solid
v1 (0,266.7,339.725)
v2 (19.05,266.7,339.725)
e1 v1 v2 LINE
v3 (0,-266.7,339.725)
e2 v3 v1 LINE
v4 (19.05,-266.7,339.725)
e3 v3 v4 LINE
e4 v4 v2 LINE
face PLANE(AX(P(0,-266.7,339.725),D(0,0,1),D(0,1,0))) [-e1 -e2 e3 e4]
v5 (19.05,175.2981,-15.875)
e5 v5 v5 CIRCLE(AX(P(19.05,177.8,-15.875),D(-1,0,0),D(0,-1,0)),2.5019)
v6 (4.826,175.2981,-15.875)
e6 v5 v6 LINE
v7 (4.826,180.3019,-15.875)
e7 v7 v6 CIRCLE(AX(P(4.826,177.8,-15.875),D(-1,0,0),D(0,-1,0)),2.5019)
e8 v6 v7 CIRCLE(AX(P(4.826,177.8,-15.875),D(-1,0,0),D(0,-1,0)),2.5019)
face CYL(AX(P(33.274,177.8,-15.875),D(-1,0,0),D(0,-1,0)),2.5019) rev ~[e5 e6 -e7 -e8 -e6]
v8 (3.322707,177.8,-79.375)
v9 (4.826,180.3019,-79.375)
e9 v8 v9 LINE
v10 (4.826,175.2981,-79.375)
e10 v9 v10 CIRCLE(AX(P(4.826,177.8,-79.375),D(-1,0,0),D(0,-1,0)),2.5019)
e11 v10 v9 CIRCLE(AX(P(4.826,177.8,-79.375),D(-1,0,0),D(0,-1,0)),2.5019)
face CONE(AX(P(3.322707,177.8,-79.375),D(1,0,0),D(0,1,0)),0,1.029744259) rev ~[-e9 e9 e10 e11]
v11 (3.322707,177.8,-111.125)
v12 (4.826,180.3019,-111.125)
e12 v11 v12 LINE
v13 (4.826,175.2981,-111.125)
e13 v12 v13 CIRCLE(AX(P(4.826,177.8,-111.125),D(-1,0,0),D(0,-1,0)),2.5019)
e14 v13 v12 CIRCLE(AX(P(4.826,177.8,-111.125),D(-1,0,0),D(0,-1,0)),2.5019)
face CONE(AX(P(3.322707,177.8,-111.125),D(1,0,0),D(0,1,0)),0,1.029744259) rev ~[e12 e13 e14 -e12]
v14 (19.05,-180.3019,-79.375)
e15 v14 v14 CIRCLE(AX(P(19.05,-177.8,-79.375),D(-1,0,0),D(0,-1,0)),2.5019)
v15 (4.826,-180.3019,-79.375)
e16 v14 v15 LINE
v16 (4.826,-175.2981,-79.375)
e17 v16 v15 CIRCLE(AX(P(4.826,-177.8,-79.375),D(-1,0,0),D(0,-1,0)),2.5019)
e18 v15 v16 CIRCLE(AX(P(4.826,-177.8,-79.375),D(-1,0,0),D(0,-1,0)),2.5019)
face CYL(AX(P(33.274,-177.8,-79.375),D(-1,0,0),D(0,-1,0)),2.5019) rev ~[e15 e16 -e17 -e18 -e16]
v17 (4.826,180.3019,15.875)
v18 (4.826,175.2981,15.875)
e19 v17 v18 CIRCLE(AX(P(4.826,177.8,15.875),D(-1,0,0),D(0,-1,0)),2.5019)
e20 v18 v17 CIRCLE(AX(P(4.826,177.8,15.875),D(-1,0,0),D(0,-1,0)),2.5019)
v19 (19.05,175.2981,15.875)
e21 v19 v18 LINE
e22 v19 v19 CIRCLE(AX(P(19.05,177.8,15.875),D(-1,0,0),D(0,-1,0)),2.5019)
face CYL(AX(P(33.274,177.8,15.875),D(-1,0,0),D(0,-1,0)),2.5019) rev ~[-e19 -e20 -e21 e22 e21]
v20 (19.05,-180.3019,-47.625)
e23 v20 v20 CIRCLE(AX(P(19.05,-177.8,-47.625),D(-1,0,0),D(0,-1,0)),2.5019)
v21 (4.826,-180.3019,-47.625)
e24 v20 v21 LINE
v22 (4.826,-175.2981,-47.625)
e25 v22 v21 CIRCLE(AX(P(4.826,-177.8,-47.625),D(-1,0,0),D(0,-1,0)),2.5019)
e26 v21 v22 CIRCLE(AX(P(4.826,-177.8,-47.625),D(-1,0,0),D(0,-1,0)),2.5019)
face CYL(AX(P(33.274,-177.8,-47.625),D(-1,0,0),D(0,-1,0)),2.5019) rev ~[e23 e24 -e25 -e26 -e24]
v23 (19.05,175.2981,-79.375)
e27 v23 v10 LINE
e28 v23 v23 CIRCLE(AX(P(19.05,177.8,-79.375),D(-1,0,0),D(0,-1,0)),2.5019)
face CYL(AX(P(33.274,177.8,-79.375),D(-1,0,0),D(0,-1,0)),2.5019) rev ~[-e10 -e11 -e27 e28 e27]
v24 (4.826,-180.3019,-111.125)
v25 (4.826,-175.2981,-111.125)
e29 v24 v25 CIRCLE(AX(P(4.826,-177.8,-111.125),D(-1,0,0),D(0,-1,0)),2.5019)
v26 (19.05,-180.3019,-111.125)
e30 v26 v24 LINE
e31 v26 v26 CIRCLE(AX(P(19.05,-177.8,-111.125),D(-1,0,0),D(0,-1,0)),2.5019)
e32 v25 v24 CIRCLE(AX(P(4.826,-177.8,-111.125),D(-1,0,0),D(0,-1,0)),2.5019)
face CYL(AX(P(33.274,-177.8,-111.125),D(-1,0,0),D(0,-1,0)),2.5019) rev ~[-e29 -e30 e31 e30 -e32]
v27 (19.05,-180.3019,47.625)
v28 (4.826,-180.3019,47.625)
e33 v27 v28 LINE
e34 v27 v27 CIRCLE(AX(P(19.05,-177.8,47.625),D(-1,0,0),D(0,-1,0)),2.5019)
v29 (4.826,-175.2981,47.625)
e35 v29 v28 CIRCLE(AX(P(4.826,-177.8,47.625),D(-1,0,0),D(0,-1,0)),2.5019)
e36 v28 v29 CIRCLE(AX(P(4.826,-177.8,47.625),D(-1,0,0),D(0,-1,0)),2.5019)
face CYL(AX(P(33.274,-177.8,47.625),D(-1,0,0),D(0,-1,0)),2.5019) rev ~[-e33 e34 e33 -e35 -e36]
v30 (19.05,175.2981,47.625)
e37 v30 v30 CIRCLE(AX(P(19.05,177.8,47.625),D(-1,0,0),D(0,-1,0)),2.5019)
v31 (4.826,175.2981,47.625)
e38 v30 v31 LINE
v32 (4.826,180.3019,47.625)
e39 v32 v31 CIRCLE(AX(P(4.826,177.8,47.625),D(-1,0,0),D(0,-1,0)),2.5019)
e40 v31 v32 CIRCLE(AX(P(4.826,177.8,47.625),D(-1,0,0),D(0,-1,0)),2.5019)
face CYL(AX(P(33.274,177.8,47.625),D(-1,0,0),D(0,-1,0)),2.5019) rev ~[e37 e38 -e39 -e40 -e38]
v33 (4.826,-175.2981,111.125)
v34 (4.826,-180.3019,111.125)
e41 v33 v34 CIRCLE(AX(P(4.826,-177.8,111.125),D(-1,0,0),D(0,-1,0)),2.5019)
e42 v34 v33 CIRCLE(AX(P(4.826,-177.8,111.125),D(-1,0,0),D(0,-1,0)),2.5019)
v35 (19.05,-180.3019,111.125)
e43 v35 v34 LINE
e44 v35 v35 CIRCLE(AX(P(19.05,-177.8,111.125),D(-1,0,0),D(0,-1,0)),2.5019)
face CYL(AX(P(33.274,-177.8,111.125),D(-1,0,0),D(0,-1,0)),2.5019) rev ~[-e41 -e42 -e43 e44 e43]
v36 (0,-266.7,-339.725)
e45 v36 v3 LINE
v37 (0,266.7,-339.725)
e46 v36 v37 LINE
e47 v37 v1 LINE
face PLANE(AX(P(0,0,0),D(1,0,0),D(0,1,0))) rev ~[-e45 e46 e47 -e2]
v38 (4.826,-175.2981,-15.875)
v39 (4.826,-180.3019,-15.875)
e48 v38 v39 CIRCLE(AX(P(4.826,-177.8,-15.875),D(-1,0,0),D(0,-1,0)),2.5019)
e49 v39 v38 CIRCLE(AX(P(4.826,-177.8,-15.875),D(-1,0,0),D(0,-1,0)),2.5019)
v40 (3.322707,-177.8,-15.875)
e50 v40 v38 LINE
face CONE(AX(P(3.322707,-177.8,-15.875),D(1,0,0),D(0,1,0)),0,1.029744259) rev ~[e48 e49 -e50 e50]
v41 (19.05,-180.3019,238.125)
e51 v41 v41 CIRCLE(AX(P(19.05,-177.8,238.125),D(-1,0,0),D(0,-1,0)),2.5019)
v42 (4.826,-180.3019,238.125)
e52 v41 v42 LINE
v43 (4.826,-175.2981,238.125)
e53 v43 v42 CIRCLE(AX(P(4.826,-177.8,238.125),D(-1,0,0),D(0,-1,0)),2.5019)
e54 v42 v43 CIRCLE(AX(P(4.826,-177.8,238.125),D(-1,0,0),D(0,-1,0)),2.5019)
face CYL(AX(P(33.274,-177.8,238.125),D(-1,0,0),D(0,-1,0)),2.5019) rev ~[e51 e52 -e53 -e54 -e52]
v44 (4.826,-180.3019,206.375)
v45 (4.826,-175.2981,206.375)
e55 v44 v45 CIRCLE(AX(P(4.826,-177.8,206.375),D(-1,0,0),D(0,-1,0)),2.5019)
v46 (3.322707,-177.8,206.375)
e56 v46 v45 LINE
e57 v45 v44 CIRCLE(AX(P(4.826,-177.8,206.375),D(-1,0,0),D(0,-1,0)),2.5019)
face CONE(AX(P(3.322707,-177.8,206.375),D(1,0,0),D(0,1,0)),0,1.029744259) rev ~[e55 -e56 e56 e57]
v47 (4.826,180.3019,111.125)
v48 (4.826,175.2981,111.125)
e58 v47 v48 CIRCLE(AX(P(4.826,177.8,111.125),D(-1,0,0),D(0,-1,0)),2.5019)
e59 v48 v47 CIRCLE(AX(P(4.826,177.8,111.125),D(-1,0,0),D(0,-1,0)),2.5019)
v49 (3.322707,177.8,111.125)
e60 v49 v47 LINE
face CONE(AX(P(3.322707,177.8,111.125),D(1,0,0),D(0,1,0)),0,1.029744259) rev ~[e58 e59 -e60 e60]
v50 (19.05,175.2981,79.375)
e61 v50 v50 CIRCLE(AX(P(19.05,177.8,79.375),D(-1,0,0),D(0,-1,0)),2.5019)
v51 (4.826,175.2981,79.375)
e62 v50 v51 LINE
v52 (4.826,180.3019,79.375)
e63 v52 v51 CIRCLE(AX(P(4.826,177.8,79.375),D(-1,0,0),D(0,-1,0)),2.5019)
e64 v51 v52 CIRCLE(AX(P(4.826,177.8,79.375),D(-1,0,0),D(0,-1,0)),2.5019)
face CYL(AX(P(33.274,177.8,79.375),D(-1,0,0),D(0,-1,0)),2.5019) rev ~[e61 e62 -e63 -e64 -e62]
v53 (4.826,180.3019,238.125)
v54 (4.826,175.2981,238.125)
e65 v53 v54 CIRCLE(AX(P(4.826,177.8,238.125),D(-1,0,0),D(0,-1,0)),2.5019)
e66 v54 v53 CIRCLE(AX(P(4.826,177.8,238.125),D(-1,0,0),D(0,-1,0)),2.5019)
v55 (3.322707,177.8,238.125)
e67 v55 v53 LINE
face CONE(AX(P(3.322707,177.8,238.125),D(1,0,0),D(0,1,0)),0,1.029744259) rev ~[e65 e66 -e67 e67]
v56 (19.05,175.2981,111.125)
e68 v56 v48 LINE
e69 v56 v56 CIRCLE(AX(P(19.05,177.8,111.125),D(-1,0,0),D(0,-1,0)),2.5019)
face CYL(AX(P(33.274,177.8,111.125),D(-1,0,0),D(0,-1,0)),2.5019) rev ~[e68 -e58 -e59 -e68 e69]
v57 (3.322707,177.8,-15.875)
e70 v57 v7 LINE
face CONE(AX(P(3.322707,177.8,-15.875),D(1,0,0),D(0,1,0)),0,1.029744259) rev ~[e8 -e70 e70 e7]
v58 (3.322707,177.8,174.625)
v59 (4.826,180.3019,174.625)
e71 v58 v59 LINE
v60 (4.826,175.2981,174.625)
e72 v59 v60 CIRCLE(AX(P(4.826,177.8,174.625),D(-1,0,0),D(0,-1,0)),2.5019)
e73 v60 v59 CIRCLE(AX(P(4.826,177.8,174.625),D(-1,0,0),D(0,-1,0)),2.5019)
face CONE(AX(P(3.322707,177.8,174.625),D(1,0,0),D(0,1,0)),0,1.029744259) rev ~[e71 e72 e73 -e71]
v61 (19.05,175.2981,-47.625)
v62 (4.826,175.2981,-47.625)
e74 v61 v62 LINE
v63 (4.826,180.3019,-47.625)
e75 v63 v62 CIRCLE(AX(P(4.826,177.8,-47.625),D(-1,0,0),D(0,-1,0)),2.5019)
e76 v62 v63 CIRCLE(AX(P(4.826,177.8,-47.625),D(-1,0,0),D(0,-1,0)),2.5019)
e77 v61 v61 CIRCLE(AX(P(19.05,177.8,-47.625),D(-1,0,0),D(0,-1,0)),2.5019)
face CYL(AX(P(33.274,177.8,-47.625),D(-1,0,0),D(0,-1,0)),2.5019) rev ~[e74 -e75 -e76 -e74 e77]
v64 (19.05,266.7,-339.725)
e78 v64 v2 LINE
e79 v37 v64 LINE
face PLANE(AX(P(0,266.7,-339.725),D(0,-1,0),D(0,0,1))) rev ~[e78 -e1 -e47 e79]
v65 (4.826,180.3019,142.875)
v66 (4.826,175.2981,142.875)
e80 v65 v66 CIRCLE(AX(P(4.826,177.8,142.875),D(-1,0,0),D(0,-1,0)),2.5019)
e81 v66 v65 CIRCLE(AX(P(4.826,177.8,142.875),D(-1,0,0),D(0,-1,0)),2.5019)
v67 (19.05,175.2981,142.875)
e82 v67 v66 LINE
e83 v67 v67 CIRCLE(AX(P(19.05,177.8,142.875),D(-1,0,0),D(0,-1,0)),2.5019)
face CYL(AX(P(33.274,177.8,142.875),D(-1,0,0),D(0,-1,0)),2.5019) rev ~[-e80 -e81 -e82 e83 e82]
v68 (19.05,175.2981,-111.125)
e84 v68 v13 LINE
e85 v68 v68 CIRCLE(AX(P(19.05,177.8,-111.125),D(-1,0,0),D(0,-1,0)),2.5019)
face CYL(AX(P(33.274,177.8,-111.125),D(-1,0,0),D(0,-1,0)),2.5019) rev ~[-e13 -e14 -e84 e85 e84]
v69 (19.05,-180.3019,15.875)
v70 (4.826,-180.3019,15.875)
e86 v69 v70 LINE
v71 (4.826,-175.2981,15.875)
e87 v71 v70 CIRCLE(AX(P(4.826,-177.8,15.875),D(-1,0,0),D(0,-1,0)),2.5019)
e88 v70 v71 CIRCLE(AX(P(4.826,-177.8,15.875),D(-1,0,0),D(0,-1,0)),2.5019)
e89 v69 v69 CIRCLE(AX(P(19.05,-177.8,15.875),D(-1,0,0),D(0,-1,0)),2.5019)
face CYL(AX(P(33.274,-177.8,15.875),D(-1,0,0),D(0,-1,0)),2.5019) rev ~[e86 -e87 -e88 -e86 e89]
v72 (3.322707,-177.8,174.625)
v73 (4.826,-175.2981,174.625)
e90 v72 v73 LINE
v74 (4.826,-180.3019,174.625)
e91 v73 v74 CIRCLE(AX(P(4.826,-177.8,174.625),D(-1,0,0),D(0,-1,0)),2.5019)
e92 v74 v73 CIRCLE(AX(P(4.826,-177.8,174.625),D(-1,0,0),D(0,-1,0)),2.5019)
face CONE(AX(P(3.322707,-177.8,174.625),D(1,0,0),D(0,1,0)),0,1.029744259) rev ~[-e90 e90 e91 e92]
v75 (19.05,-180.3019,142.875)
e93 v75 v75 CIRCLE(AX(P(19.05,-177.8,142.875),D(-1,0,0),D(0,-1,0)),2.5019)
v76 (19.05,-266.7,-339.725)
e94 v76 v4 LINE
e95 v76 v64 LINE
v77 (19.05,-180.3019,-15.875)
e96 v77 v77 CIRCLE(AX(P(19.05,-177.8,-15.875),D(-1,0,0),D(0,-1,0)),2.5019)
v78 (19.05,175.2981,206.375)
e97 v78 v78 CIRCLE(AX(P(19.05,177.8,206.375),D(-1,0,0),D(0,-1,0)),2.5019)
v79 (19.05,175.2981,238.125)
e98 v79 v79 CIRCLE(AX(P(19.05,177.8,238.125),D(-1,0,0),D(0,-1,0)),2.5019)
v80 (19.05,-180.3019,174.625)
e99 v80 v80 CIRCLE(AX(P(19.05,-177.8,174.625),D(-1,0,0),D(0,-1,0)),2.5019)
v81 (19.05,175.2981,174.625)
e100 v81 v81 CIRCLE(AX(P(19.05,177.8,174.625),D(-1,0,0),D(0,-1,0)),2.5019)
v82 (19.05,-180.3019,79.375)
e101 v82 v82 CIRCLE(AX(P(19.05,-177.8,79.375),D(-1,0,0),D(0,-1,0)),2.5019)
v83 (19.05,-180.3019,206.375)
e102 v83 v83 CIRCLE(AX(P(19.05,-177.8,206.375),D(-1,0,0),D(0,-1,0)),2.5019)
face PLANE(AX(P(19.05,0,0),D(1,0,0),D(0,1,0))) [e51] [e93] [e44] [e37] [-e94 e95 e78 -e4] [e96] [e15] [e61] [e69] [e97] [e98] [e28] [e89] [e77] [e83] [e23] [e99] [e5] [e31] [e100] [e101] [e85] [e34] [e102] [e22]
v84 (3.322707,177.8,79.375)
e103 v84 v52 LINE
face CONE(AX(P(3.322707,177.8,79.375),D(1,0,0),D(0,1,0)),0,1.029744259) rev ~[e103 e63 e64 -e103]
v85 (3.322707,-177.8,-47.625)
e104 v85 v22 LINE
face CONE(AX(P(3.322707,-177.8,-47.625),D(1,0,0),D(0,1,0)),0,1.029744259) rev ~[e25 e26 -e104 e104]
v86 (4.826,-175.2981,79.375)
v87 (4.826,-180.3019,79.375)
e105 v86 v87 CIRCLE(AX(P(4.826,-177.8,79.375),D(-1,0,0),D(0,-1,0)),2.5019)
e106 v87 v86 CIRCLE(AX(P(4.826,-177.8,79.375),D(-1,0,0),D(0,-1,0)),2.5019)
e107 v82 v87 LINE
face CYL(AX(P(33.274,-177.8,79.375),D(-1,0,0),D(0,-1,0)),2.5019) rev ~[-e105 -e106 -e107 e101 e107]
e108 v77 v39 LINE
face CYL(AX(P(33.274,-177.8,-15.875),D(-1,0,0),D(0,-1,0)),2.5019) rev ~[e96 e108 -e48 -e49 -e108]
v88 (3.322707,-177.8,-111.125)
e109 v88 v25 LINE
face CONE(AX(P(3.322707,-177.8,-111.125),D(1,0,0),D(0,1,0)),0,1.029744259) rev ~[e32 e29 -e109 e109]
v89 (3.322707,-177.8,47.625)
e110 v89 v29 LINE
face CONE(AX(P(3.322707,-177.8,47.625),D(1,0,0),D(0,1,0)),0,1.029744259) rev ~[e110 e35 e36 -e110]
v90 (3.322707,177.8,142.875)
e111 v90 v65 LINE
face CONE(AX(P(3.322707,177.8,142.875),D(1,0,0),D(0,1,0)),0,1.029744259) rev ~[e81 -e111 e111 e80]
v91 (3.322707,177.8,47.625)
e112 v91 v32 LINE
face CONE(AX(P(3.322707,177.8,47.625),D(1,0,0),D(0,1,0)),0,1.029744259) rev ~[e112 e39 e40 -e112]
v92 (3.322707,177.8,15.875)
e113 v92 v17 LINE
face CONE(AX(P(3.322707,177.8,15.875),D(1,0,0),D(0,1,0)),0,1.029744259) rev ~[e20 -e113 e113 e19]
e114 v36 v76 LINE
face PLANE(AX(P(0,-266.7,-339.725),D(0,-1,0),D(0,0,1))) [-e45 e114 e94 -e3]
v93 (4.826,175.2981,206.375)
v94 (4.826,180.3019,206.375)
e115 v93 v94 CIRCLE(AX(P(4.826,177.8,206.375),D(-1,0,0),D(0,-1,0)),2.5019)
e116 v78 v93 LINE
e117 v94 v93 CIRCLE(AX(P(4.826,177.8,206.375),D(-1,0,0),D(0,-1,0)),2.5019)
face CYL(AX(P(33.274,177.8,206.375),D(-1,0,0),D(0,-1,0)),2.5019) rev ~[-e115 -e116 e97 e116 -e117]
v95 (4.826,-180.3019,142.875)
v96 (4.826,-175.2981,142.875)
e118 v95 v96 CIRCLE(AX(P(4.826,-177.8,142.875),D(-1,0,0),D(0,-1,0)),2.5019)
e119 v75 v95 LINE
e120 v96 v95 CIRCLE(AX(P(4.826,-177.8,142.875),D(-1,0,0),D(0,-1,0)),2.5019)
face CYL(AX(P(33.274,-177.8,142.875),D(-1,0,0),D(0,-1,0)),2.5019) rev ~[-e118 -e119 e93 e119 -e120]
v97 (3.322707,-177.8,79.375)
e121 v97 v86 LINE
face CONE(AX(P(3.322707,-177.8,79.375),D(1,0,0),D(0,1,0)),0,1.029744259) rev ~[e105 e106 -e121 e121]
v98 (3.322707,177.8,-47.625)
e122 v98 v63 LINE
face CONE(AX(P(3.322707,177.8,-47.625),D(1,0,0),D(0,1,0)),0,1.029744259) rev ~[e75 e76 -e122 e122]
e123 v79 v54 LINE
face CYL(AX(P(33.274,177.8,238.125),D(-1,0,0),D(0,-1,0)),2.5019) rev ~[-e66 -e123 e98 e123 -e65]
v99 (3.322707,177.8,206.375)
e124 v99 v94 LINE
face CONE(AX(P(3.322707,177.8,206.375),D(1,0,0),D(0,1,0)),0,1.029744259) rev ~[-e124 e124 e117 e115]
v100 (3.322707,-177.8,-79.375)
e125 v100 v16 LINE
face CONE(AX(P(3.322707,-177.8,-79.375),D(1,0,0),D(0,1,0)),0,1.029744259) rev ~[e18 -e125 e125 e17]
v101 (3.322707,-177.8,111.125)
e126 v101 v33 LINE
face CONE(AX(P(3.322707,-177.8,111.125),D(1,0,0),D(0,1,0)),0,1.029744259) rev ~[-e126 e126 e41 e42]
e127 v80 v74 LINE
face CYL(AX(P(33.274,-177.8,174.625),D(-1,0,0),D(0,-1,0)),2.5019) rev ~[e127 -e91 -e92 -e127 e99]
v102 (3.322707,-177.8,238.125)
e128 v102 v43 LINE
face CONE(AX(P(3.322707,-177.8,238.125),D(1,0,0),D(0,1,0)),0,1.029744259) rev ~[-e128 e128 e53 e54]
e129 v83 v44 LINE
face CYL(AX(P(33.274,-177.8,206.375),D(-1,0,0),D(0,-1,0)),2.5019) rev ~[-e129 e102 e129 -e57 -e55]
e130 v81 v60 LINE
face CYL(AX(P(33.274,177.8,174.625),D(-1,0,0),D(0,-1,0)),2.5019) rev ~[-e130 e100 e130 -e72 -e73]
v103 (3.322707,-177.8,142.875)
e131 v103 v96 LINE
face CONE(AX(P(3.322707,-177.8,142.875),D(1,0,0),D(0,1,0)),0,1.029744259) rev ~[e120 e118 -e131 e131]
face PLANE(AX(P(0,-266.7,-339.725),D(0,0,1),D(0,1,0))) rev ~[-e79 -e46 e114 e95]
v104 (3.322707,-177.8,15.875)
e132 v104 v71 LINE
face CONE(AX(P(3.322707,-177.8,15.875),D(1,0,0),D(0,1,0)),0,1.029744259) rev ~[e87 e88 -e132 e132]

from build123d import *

# Parameters (mm, degrees)
F0_W     = 533.4
F0_H     = 679.45
F1_DEPTH = 19.05
F3_D     = 5.0038
F3_DEPTH = 14.224
F3_TIP   = 1.5032931827


with BuildPart() as f1:
    # F0 (on Right) → F1 (new body)
    with BuildSketch(Plane.YZ):
        Rectangle(F0_W, F0_H)
    extrude(amount=F1_DEPTH)

    # F3
    with Locations(Plane.YZ.offset(19.05)):
        with Locations((-177.8, 238.125), (-177.8, 206.375), (-177.8, 174.625), (-177.8, 142.875), (-177.8, 111.125), (-177.8, 79.375), (-177.8, 47.625), (-177.8, 15.875), (-177.8, -15.875), (-177.8, -47.625), (-177.8, -79.375), (-177.8, -111.125), (177.8, 238.125), (177.8, 206.375), (177.8, 174.625), (177.8, 142.875), (177.8, 111.125), (177.8, 79.375), (177.8, 47.625), (177.8, 15.875), (177.8, -15.875), (177.8, -47.625), (177.8, -79.375), (177.8, -111.125)):
            Hole(F3_D / 2, depth=F3_DEPTH)
            with Locations((0, 0, -(F3_DEPTH + F3_TIP / 2))):  # 118° drill point
                Cone(0, F3_D / 2, F3_TIP, mode=Mode.SUBTRACT)


solid = f1.part
